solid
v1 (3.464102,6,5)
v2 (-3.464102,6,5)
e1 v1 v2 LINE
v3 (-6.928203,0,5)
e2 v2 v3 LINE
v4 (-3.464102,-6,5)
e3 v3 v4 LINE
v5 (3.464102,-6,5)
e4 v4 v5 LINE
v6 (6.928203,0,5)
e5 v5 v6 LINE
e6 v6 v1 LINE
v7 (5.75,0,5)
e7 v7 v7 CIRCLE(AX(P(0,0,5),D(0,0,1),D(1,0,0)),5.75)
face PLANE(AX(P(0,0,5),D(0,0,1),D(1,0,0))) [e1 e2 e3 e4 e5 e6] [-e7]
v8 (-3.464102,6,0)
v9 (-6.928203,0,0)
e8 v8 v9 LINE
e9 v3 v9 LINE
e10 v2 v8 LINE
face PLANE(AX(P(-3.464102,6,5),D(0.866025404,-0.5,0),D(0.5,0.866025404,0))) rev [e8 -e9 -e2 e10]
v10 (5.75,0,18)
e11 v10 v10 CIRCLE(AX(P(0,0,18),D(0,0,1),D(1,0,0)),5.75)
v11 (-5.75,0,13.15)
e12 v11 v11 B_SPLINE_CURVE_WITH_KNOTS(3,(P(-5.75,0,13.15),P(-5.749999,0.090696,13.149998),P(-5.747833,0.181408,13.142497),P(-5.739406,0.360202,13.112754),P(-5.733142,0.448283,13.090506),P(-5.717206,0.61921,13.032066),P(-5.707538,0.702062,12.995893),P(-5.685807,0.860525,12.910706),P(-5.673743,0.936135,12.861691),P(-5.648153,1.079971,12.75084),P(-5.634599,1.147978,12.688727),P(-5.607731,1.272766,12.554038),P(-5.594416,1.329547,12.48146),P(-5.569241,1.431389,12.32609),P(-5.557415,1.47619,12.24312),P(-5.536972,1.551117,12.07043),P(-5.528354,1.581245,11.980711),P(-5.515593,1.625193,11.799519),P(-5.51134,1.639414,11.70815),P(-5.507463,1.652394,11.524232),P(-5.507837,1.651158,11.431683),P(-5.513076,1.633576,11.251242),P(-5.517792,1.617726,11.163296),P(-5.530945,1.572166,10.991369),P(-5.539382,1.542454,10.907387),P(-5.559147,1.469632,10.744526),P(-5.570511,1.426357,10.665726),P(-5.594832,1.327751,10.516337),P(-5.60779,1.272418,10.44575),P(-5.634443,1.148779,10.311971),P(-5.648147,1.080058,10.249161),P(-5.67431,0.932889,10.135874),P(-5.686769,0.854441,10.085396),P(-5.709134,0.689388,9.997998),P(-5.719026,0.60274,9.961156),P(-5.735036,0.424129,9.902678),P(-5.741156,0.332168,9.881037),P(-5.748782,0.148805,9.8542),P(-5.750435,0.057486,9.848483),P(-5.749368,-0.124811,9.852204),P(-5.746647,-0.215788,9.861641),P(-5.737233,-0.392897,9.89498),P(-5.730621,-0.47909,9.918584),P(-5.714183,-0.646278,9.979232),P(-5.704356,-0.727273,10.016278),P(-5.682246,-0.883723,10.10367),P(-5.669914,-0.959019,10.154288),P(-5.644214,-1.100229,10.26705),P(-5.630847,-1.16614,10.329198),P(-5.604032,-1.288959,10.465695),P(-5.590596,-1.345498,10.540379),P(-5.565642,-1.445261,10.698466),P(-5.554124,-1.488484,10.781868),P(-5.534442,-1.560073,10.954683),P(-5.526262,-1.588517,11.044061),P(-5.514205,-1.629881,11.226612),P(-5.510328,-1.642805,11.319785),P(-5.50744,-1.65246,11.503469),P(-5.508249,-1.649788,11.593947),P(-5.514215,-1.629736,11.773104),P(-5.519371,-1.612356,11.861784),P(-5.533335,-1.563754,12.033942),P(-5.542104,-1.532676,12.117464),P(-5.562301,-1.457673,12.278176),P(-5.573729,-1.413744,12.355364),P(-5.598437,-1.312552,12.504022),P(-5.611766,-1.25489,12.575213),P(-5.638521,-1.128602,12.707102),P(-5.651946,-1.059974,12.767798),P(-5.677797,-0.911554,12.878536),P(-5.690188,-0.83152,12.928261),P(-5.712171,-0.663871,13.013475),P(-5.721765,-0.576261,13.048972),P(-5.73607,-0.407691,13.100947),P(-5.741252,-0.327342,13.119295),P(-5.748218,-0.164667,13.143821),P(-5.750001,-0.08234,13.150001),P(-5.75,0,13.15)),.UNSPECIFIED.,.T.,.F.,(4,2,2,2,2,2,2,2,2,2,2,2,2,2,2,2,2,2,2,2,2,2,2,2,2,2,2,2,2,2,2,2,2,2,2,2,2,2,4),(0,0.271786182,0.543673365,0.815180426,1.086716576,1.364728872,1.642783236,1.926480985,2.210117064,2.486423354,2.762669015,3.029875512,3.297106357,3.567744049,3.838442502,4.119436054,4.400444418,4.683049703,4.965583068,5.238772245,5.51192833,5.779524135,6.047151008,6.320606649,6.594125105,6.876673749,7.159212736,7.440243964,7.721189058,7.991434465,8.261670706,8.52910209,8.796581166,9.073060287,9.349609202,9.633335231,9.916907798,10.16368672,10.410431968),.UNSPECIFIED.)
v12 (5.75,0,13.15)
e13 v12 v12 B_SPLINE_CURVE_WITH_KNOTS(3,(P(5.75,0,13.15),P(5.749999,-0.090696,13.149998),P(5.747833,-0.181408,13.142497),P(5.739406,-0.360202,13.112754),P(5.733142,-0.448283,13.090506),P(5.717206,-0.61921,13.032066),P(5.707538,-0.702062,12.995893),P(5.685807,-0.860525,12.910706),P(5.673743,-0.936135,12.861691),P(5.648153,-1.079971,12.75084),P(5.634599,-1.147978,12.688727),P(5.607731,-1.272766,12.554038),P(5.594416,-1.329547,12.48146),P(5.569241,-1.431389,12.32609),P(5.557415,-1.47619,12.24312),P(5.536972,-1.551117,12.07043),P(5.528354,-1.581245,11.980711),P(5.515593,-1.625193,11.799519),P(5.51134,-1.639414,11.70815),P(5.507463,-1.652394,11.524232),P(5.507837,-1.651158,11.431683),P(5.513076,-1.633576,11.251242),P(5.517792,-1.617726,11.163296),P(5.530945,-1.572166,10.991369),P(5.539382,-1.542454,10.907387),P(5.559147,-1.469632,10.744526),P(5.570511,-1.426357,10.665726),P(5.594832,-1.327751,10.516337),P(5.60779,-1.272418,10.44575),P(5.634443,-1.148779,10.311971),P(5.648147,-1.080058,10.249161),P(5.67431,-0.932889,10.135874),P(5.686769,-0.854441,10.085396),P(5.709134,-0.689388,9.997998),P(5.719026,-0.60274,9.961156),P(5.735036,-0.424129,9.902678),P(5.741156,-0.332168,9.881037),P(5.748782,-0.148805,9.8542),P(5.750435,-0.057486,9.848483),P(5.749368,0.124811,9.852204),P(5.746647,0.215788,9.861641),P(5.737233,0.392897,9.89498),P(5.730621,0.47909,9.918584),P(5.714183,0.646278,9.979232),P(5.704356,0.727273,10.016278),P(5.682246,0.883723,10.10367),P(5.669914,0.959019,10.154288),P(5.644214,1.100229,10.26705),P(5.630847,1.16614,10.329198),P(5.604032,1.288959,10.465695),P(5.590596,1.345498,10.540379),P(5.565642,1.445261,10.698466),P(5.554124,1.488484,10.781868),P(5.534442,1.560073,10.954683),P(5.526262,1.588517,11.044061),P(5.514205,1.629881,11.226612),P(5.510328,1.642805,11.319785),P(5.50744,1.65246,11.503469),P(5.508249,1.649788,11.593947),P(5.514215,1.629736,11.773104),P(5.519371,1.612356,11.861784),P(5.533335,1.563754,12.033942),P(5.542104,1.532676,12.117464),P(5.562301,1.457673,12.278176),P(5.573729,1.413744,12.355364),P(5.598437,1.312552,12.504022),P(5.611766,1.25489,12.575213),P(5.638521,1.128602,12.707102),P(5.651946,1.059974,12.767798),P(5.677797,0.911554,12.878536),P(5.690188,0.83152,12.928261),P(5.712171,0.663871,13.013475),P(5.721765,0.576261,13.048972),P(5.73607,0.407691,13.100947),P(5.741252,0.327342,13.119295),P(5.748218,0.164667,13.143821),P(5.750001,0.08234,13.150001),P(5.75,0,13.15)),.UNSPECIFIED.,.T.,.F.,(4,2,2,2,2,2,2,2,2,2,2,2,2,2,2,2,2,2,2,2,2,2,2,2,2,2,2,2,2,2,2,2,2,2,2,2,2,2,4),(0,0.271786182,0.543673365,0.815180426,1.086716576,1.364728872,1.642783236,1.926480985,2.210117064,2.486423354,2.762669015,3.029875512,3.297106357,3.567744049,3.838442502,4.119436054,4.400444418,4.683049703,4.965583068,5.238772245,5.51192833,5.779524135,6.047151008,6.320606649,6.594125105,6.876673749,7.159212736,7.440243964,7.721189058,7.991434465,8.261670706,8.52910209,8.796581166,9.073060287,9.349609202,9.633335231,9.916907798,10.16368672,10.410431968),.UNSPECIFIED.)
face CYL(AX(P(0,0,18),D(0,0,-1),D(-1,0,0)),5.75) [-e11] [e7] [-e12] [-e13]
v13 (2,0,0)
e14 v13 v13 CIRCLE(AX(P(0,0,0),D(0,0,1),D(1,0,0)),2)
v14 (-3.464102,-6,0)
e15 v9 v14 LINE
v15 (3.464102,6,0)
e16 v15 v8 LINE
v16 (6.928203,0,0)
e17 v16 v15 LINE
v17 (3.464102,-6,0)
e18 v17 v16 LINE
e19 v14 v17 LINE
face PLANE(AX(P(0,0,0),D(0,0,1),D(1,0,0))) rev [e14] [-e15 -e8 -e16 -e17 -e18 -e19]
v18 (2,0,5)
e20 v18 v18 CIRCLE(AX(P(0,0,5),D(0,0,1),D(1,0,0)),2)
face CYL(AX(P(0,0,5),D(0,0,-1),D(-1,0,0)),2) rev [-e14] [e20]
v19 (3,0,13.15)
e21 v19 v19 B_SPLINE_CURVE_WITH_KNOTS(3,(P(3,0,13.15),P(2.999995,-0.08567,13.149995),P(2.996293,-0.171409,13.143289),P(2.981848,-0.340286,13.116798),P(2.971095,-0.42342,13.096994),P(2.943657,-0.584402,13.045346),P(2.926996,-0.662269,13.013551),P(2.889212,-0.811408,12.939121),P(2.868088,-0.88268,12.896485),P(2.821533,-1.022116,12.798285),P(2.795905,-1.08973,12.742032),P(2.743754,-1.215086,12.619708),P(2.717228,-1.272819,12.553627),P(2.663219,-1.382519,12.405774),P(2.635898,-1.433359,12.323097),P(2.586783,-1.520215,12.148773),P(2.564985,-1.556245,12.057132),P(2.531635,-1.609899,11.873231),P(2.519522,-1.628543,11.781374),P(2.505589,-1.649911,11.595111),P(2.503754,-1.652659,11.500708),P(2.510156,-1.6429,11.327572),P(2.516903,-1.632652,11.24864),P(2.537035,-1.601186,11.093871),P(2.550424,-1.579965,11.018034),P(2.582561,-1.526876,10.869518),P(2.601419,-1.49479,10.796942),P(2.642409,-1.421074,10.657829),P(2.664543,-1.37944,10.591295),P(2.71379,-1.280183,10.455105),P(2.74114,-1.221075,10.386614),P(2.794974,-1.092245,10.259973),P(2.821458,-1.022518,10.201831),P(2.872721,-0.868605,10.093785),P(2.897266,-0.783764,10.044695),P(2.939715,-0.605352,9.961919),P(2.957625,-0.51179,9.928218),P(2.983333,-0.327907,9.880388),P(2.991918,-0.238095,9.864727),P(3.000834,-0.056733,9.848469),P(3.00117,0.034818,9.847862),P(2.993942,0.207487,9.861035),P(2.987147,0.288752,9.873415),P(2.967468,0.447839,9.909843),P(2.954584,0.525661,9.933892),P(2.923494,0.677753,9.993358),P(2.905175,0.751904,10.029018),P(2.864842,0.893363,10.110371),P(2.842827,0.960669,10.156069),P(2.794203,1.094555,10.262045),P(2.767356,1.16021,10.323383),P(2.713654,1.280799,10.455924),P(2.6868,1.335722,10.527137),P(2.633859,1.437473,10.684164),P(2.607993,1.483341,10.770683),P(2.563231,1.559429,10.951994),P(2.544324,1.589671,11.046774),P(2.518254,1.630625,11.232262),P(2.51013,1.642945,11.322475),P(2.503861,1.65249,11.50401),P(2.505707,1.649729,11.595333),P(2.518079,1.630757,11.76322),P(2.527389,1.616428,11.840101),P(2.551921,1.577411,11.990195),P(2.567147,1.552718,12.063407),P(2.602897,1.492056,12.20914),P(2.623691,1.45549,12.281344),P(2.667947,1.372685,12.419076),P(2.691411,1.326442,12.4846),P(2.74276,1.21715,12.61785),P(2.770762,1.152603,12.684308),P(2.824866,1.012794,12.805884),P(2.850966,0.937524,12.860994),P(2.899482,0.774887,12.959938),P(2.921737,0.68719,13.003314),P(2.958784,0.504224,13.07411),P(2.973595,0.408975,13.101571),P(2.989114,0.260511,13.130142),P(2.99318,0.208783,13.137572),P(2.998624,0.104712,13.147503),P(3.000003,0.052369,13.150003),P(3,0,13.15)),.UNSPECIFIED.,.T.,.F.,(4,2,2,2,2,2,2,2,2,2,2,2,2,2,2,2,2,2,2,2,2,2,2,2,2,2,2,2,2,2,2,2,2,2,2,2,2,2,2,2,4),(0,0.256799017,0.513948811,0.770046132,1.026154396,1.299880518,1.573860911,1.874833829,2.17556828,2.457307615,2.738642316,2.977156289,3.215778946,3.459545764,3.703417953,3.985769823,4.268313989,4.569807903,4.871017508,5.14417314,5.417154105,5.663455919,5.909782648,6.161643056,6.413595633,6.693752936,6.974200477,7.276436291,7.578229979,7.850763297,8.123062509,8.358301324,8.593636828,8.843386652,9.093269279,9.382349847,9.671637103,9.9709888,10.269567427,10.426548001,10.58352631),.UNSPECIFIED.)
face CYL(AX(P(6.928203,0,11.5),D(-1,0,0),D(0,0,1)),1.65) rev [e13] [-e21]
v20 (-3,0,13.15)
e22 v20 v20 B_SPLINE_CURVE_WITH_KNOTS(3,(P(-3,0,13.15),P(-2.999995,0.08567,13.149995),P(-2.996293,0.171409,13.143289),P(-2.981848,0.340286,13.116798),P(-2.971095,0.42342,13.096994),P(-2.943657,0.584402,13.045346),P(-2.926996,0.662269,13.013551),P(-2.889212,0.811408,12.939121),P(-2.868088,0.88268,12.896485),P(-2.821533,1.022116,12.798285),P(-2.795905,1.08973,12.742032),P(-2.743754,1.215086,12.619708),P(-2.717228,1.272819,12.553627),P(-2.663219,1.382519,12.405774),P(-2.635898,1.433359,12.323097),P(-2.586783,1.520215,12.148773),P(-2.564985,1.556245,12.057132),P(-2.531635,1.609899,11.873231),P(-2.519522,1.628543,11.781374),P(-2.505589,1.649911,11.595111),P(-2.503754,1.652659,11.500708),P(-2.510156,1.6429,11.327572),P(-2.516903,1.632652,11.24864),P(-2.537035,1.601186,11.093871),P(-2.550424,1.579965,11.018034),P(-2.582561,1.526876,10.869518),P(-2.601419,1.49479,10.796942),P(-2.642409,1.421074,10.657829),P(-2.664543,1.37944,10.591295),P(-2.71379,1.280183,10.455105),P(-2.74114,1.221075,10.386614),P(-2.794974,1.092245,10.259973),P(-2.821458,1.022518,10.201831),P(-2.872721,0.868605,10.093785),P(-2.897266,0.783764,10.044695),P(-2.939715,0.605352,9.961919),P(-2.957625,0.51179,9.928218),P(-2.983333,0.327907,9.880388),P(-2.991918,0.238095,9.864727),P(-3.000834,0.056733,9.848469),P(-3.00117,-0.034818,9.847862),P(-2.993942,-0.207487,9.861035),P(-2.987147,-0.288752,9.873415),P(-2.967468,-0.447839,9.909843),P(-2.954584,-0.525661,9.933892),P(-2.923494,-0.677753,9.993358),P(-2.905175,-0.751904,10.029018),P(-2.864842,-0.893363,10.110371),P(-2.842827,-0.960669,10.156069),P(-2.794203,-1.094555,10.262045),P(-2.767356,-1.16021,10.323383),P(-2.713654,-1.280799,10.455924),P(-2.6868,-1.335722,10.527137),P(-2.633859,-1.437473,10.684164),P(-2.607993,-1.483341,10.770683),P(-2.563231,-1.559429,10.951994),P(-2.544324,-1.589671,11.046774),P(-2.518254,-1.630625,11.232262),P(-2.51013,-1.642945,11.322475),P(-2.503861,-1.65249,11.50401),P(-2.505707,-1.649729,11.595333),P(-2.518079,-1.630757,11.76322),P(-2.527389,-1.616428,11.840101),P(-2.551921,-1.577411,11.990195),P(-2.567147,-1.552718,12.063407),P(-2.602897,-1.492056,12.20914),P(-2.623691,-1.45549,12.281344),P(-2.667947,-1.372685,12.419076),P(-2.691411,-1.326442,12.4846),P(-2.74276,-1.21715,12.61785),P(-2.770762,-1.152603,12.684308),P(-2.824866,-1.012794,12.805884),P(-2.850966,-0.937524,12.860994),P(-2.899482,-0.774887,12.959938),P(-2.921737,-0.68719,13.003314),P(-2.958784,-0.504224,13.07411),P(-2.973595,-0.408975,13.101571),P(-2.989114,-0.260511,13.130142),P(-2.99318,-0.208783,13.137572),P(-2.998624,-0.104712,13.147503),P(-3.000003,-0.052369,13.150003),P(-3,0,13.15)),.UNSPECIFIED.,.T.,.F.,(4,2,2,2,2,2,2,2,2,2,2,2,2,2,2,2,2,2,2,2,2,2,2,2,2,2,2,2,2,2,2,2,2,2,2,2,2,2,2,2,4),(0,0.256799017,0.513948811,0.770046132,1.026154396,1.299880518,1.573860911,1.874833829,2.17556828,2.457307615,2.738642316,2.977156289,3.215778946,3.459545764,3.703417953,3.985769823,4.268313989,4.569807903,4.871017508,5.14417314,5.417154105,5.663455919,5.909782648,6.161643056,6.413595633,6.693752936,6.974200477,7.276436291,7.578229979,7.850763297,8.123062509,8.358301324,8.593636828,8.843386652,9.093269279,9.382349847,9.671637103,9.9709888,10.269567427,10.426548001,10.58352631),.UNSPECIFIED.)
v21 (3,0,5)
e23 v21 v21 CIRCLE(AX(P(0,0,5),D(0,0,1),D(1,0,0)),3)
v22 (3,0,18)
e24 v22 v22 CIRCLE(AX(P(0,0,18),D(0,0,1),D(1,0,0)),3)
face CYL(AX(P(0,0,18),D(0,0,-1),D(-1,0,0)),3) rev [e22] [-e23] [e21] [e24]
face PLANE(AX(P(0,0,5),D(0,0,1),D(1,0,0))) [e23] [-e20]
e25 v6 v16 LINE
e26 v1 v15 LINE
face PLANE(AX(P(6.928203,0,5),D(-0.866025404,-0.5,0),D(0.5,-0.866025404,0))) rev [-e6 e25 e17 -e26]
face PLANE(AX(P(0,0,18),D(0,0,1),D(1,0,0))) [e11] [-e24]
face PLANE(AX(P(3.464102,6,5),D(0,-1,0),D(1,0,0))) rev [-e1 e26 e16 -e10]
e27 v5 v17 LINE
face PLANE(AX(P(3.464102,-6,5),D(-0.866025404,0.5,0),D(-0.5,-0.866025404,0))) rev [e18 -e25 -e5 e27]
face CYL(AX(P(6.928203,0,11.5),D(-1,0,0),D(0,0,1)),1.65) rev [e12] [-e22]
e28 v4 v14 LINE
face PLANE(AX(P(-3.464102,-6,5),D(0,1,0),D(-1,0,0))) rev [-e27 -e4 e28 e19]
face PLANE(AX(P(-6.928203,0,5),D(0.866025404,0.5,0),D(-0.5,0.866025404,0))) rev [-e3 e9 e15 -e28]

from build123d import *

# Parameters (mm, degrees)
SKETCH_1_R                = 2
F_12MM_5_M4_DEPTH         = 5
EXTRUDE_START             = 5
SKETCH_2_R                = 5.75
SKETCH_2_R_2              = 3
EXTRUDE_11_5_6_13_DEPTH   = 13
CUT_EXTRUDE_M4_DEPTH      = 21.199009877
CUT_EXTRUDE_M4_DEPTH_BACK = 21.199009877
SKETCH_3_R                = 1.65


with BuildPart() as part:
    # 草图1 → 轮毂端六角12mm_厚5_中心M4孔简化 (new body)
    with BuildSketch(Plane.XY):
        Polygon((6.92820323, 0), (3.464101615, 6), (-3.464101615, 6), (-6.92820323, 0), (-3.464101615, -6), (3.464101615, -6), align=None)
        Circle(SKETCH_1_R, mode=Mode.SUBTRACT)
    extrude(amount=F_12MM_5_M4_DEPTH)

    # 草图2 → 电机端_外径11.5_孔径6_长13 (add)
    with BuildSketch(Plane.XY.offset(EXTRUDE_START)):
        with Locations(Location((0, 0, 0), (0, 0, 180))):
            Circle(SKETCH_2_R)
        with Locations(Location((0, 0, 0), (0, 0, 180))):
            Circle(SKETCH_2_R_2, mode=Mode.SUBTRACT)
    extrude(amount=EXTRUDE_11_5_6_13_DEPTH)

    # 草图3 → M4紧定螺钉底孔_牙型简化 (cut, two sides: drawn at the far end of the back side and taken through both)
    with BuildSketch(Plane(origin=(0, 0, 0), x_dir=(0, 0, -1), z_dir=(1, 0, 0)).offset(-CUT_EXTRUDE_M4_DEPTH_BACK)):
        with Locations(Location((-11.5, 0, 0), (0, 0, 180))):
            Circle(SKETCH_3_R)
    extrude(amount=CUT_EXTRUDE_M4_DEPTH + CUT_EXTRUDE_M4_DEPTH_BACK, mode=Mode.SUBTRACT)


solid = part.part
